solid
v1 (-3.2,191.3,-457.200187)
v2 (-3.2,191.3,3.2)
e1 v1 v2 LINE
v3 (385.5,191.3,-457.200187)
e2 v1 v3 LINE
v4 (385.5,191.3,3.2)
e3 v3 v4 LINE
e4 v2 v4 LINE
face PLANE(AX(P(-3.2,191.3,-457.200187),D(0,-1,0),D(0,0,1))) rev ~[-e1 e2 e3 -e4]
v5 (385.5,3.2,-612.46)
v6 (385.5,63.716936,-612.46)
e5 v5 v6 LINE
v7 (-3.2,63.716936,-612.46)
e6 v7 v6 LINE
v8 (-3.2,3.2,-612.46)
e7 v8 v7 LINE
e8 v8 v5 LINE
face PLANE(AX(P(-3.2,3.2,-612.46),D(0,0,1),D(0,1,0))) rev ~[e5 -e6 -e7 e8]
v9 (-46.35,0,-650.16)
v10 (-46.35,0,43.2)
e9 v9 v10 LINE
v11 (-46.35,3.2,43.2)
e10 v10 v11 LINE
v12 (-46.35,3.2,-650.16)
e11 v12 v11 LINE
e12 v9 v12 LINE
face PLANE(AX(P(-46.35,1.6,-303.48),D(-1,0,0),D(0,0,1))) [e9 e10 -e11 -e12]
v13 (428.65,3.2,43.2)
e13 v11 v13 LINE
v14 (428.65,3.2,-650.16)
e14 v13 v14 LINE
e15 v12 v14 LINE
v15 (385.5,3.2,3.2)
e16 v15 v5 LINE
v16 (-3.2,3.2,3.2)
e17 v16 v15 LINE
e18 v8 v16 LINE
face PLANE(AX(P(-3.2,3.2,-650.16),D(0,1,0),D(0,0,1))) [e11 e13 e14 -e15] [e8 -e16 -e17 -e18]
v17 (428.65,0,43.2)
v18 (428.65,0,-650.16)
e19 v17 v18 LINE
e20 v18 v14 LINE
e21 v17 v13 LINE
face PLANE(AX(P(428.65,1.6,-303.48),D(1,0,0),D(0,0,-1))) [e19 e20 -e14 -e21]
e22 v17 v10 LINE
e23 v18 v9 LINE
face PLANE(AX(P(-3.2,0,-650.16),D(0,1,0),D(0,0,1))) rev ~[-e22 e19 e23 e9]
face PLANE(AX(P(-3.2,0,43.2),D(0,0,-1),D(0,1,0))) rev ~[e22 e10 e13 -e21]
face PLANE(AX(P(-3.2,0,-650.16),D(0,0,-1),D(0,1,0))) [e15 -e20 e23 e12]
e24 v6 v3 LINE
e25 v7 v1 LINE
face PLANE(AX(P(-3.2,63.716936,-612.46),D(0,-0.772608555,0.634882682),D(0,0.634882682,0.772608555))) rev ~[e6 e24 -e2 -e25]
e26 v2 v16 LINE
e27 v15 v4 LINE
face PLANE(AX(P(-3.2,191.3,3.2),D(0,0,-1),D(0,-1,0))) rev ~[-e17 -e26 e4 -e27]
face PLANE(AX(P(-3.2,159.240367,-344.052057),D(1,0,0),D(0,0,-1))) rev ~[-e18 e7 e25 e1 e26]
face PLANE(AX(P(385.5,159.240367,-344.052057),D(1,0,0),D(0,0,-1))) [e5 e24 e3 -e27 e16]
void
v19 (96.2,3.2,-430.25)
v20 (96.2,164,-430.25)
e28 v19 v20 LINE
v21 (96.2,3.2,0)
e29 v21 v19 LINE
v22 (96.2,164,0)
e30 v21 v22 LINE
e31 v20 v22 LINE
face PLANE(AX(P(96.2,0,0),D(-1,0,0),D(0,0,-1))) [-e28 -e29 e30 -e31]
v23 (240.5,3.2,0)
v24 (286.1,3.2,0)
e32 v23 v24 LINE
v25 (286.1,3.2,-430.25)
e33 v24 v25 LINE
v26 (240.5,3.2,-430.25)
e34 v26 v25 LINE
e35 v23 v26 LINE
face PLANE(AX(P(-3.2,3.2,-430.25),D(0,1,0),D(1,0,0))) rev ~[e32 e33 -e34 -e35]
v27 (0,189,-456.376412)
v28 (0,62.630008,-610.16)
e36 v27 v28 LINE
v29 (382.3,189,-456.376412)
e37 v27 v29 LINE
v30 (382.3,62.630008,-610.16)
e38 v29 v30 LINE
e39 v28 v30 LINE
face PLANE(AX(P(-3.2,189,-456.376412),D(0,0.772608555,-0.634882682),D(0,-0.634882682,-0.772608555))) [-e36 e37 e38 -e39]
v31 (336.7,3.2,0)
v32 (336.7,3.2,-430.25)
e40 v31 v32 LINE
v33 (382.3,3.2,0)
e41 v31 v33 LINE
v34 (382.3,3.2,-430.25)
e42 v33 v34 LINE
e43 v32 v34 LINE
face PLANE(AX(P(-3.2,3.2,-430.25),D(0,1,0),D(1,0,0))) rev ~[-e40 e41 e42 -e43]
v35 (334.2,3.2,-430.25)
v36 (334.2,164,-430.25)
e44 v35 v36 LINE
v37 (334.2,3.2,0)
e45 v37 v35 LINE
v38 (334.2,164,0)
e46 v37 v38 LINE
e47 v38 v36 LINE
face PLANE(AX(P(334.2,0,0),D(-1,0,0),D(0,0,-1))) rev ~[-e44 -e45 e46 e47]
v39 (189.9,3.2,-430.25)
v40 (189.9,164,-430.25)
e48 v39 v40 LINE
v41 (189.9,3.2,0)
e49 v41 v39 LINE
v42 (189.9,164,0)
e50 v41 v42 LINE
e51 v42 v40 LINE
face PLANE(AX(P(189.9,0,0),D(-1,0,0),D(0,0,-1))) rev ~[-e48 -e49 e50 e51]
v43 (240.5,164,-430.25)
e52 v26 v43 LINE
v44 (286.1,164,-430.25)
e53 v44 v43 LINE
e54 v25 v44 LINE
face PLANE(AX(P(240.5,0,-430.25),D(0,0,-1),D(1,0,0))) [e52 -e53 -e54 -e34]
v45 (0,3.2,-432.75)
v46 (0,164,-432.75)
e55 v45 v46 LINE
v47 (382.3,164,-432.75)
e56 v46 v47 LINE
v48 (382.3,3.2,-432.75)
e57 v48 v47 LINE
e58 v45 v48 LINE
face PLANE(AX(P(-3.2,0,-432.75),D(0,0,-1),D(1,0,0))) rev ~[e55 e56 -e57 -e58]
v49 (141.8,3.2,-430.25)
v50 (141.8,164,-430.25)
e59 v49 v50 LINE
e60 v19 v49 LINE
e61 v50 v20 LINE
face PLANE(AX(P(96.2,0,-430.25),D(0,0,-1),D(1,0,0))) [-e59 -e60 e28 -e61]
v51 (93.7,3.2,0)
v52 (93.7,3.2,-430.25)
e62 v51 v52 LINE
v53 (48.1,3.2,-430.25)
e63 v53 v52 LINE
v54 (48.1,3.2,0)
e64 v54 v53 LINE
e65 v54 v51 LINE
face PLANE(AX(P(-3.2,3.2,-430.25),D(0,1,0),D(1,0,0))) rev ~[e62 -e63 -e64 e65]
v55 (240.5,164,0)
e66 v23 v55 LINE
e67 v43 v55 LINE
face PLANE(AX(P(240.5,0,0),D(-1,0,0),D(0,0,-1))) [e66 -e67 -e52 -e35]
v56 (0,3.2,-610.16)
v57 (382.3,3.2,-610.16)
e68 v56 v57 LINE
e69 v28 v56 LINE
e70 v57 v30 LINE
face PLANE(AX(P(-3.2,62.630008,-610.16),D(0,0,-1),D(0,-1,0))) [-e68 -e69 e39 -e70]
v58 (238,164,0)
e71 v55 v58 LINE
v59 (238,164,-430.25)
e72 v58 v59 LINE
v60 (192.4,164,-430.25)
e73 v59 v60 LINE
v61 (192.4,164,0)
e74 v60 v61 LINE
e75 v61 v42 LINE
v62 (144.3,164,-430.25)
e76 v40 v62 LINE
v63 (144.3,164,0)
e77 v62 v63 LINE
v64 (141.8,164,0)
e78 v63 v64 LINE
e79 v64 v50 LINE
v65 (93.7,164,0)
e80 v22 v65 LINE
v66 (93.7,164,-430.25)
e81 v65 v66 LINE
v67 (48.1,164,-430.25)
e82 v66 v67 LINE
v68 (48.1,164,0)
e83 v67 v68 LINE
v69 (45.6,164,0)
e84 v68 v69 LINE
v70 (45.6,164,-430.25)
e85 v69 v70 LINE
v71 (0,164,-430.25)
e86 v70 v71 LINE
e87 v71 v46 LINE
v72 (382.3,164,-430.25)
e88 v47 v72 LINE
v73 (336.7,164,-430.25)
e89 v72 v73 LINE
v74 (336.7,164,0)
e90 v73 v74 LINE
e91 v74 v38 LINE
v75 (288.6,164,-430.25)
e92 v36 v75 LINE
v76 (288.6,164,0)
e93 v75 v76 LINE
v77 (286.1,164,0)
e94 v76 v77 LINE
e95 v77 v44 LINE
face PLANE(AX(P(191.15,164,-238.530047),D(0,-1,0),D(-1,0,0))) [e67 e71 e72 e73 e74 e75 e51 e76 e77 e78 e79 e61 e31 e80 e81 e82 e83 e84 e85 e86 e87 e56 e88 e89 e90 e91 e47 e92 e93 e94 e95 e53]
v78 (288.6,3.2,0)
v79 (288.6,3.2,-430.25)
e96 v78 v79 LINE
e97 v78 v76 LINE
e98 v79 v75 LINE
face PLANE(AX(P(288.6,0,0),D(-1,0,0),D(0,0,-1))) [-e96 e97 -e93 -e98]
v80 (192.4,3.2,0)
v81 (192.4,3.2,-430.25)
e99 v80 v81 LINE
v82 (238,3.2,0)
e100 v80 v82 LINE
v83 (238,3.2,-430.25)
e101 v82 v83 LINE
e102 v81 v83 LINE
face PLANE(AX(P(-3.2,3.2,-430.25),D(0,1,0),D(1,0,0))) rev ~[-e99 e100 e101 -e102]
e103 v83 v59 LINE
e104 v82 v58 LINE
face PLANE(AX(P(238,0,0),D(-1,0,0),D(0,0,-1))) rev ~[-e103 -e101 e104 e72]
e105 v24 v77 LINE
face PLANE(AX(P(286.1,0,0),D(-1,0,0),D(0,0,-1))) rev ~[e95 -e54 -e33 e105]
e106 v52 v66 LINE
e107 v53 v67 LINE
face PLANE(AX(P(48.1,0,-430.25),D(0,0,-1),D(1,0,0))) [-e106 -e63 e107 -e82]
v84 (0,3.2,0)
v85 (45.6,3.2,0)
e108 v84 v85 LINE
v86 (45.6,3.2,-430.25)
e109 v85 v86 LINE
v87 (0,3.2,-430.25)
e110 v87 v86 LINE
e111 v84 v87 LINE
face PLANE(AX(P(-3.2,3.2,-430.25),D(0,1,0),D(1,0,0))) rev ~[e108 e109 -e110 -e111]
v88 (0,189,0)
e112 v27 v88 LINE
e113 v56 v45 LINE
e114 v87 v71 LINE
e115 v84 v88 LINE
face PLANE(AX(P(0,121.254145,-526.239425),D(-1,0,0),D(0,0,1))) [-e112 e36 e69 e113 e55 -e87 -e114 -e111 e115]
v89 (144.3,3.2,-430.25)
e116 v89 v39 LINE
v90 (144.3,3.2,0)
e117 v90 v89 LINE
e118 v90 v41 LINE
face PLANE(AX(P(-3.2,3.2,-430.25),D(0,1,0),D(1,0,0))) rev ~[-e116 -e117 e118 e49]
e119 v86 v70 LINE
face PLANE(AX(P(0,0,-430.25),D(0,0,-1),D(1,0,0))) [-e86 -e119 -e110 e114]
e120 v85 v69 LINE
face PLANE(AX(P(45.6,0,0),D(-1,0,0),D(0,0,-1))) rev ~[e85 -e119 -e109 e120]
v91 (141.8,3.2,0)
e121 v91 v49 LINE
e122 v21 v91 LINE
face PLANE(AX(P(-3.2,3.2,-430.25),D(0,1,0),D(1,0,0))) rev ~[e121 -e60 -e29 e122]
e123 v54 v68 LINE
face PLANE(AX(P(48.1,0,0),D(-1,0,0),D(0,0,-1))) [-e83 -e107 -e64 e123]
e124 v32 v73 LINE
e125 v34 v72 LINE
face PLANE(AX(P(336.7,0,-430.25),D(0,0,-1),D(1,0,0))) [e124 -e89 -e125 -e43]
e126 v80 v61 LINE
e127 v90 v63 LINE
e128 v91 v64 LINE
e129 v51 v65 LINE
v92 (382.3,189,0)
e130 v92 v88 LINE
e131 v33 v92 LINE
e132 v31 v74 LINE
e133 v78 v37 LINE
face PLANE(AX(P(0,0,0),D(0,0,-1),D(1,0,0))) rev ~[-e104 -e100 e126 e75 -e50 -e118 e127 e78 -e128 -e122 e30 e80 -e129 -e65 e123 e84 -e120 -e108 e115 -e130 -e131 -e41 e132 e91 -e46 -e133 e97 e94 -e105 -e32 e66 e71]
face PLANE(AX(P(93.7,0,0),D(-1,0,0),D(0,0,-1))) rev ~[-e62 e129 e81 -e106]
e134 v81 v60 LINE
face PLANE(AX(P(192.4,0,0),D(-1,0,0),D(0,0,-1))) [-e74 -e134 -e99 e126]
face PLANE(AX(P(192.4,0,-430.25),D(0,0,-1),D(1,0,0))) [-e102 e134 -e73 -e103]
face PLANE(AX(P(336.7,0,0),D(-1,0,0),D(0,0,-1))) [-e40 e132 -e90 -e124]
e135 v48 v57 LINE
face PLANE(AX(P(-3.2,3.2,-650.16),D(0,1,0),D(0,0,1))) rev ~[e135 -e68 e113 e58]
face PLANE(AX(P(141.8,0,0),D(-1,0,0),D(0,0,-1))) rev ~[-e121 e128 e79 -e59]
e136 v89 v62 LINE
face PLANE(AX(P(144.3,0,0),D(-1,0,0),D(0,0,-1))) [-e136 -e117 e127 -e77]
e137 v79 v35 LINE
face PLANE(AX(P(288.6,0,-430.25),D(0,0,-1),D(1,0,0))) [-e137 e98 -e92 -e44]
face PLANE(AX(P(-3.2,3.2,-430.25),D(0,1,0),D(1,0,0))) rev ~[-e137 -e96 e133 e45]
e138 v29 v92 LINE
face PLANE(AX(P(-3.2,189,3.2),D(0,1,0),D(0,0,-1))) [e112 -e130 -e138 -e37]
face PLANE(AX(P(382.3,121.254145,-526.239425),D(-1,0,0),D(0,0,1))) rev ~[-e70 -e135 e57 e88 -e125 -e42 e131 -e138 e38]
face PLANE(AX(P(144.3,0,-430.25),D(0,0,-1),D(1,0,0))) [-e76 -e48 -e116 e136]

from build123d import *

# Parameters (mm, degrees)
SKETCH1_W            = 388.7
SKETCH1_H            = 435.95
SKETCH1_W_2          = 45.6
SKETCH1_H_2          = 430.25
BOSS_EXTRUDE1_DEPTH  = 189
BOSS_EXTRUDE2_START  = -433.45
SKETCH2_W            = 388.7
SKETCH2_H            = 3.2
BOSS_EXTRUDE2_DEPTH  = 430.25
CUT_EXTRUDE1_DEPTH   = 25
BOSS_EXTRUDE4_DEPTH  = 3.2
BOSS_EXTRUDE5_DEPTH  = 3.2
BOSS_EXTRUDE6_REACH  = 791.664
CUT_EXTRUDE2_REACH   = 793.231
SKETCH11_W           = 52.59
SKETCH11_H           = 168.019571709
BOSS_EXTRUDE7_DEPTH  = 3.2
BOSS_EXTRUDE8_DEPTH  = 3.2
SKETCH14_W           = 388.7
SKETCH14_H           = 3.2
BOSS_EXTRUDE9_DEPTH  = 40
SKETCH15_W           = 388.7
SKETCH15_H           = 3.2
BOSS_EXTRUDE10_DEPTH = 40
SKETCH16_W           = 693.36
SKETCH16_H           = 3.2
BOSS_EXTRUDE11_DEPTH = 43.15
SKETCH17_W           = 693.36
SKETCH17_H           = 3.2
BOSS_EXTRUDE12_DEPTH = 43.15
BOSS_EXTRUDE13_DEPTH = 388.7


with BuildPart() as part:
    # Sketch1 → Boss-Extrude1 (new body)
    with BuildSketch(Plane(origin=(0, 0, 0), x_dir=(1, 0, 0), z_dir=(0, 1, 0))):
        with Locations((191.15, 214.775)):
            Rectangle(SKETCH1_W, SKETCH1_H)
        with Locations((22.8, 215.125)):
            Rectangle(SKETCH1_W_2, SKETCH1_H_2, mode=Mode.SUBTRACT)
        with Locations((359.5, 215.125)):
            Rectangle(SKETCH1_W_2, SKETCH1_H_2, mode=Mode.SUBTRACT)
        with Locations((70.9, 215.125)):
            Rectangle(SKETCH1_W_2, SKETCH1_H_2, mode=Mode.SUBTRACT)
        with Locations((119, 215.125)):
            Rectangle(SKETCH1_W_2, SKETCH1_H_2, mode=Mode.SUBTRACT)
        with Locations((167.1, 215.125)):
            Rectangle(SKETCH1_W_2, SKETCH1_H_2, mode=Mode.SUBTRACT)
        with Locations((215.2, 215.125)):
            Rectangle(SKETCH1_W_2, SKETCH1_H_2, mode=Mode.SUBTRACT)
        with Locations((263.3, 215.125)):
            Rectangle(SKETCH1_W_2, SKETCH1_H_2, mode=Mode.SUBTRACT)
        with Locations((311.4, 215.125)):
            Rectangle(SKETCH1_W_2, SKETCH1_H_2, mode=Mode.SUBTRACT)
    extrude(amount=BOSS_EXTRUDE1_DEPTH)

    # Sketch2 → Boss-Extrude2 (add)
    with BuildSketch(Plane.XY.offset(3.2).offset(BOSS_EXTRUDE2_START)):
        with Locations((191.15, 1.6)):
            Rectangle(SKETCH2_W, SKETCH2_H)
    extrude(amount=BOSS_EXTRUDE2_DEPTH)

    # Sketch3 → Cut-Extrude1 (cut)
    with BuildSketch(Plane(origin=(0, 189, 0), x_dir=(1, 0, 0), z_dir=(0, 1, 0))):
        Polygon((0, 430.25), (0, 432.75), (382.3, 432.75), (382.3, 430.25), (336.7, 430.25), (336.7, 0), (334.2, 0), (334.2, 430.25), (288.6, 430.25), (288.6, 0), (286.1, 0), (286.1, 430.25), (240.5, 430.25), (240.5, 0), (238, 0), (238, 430.25), (192.4, 430.25), (192.4, 0), (189.9, 0), (189.9, 430.25), (144.3, 430.25), (144.3, 0), (141.8, 0), (141.8, 430.25), (96.2, 430.25), (96.2, 0), (93.7, 0), (93.7, 430.25), (48.1, 430.25), (48.1, 0), (45.6, 0), (45.6, 430.25), align=None)
    extrude(amount=-CUT_EXTRUDE1_DEPTH, mode=Mode.SUBTRACT)

    # Sketch4 → Boss-Extrude4 (add)
    with BuildSketch(Plane(origin=(385.5, 0, 0), x_dir=(0, 0, -1), z_dir=(1, 0, 0))):
        Polygon((432.75, 189), (662.75, 0), (432.75, 0), align=None)
    extrude(amount=-BOSS_EXTRUDE4_DEPTH)

    # Sketch7 → Boss-Extrude5 (add)
    with BuildSketch(Plane.ZY.offset(3.2)):
        Polygon((-432.75, 164), (-432.75, 189), (-662.75, 0), (-432.75, 0), align=None)
    extrude(amount=-BOSS_EXTRUDE5_DEPTH)

    # Sketch9 → Boss-Extrude6 (add, up to next)
    with BuildSketch(Plane(origin=(0, 0, 0), x_dir=(0, 0, -1), z_dir=(1, 0, 0)), mode=Mode.PRIVATE) as boss_extrude6_sk1:
        Polygon((662.75, 0), (658.855820106, 3.2), (432.75, 3.2), (432.75, 0), align=None)
    boss_extrude6_tool1 = extrude(boss_extrude6_sk1.sketch, amount=BOSS_EXTRUDE6_REACH, mode=Mode.PRIVATE) - part.part
    add(boss_extrude6_tool1.solids().sort_by_distance((0, 1.595446, -546.779226))[0])

    # Sketch11 → Cut-Extrude2 (cut, up to next)
    with BuildSketch(Plane(origin=(385.5, 0, 0), x_dir=(0, 0, -1), z_dir=(1, 0, 0)), mode=Mode.PRIVATE) as cut_extrude2_sk1:
        with Locations((636.455, 84.009785855)):
            Rectangle(SKETCH11_W, SKETCH11_H)
    cut_extrude2_tool1 = extrude(cut_extrude2_sk1.sketch, amount=-CUT_EXTRUDE2_REACH, mode=Mode.PRIVATE) & part.part
    add(cut_extrude2_tool1.solids().sort_by_distance((385.5, 84.009786, -636.455))[0], mode=Mode.SUBTRACT)

    # Sketch12 → Boss-Extrude7 (add)
    with BuildSketch(Plane(origin=(385.5, 0, 0), x_dir=(0, 0, -1), z_dir=(1, 0, 0))):
        Polygon((456.376412276, 189), (610.16, 62.630008348), (610.16, 43.21526087), (432.75, 189), align=None)
    extrude(amount=-BOSS_EXTRUDE7_DEPTH)

    # Sketch13 → Boss-Extrude8 (add)
    with BuildSketch(Plane.ZY.offset(3.2)):
        Polygon((-610.16, 62.630008348), (-610.16, 43.21526087), (-432.75, 189), (-456.376412276, 189), align=None)
    extrude(amount=-BOSS_EXTRUDE8_DEPTH)

    # Sketch14 → Boss-Extrude9 (add)
    with BuildSketch(Plane(origin=(0, 0, -610.16), x_dir=(-1, 0, 0), z_dir=(0, 0, -1))):
        with Locations((-191.15, 1.6)):
            Rectangle(SKETCH14_W, SKETCH14_H)
    extrude(amount=BOSS_EXTRUDE9_DEPTH)

    # Sketch15 → Boss-Extrude10 (add)
    with BuildSketch(Plane.XY.offset(3.2)):
        with Locations((191.15, 1.6)):
            Rectangle(SKETCH15_W, SKETCH15_H)
    extrude(amount=BOSS_EXTRUDE10_DEPTH)

    # Sketch16 → Boss-Extrude11 (add)
    with BuildSketch(Plane(origin=(385.5, 0, 0), x_dir=(0, 0, -1), z_dir=(1, 0, 0))):
        with Locations((303.48, 1.6)):
            Rectangle(SKETCH16_W, SKETCH16_H)
    extrude(amount=BOSS_EXTRUDE11_DEPTH)

    # Sketch17 → Boss-Extrude12 (add)
    with BuildSketch(Plane.ZY.offset(3.2)):
        with Locations((-303.48, 1.6)):
            Rectangle(SKETCH17_W, SKETCH17_H)
    extrude(amount=BOSS_EXTRUDE12_DEPTH)

    # Sketch18 → Boss-Extrude13 (add)
    with BuildSketch(Plane.ZY.offset(3.2)):
        Polygon((-457.200187026, 191.3), (3.2, 191.3), (3.2, 189), (-456.376412276, 189), (-610.16, 62.630008348), (-610.16, 3.2), (-612.46, 3.2), (-612.46, 63.716936295), align=None)
    extrude(amount=-BOSS_EXTRUDE13_DEPTH)


solid = part.part
